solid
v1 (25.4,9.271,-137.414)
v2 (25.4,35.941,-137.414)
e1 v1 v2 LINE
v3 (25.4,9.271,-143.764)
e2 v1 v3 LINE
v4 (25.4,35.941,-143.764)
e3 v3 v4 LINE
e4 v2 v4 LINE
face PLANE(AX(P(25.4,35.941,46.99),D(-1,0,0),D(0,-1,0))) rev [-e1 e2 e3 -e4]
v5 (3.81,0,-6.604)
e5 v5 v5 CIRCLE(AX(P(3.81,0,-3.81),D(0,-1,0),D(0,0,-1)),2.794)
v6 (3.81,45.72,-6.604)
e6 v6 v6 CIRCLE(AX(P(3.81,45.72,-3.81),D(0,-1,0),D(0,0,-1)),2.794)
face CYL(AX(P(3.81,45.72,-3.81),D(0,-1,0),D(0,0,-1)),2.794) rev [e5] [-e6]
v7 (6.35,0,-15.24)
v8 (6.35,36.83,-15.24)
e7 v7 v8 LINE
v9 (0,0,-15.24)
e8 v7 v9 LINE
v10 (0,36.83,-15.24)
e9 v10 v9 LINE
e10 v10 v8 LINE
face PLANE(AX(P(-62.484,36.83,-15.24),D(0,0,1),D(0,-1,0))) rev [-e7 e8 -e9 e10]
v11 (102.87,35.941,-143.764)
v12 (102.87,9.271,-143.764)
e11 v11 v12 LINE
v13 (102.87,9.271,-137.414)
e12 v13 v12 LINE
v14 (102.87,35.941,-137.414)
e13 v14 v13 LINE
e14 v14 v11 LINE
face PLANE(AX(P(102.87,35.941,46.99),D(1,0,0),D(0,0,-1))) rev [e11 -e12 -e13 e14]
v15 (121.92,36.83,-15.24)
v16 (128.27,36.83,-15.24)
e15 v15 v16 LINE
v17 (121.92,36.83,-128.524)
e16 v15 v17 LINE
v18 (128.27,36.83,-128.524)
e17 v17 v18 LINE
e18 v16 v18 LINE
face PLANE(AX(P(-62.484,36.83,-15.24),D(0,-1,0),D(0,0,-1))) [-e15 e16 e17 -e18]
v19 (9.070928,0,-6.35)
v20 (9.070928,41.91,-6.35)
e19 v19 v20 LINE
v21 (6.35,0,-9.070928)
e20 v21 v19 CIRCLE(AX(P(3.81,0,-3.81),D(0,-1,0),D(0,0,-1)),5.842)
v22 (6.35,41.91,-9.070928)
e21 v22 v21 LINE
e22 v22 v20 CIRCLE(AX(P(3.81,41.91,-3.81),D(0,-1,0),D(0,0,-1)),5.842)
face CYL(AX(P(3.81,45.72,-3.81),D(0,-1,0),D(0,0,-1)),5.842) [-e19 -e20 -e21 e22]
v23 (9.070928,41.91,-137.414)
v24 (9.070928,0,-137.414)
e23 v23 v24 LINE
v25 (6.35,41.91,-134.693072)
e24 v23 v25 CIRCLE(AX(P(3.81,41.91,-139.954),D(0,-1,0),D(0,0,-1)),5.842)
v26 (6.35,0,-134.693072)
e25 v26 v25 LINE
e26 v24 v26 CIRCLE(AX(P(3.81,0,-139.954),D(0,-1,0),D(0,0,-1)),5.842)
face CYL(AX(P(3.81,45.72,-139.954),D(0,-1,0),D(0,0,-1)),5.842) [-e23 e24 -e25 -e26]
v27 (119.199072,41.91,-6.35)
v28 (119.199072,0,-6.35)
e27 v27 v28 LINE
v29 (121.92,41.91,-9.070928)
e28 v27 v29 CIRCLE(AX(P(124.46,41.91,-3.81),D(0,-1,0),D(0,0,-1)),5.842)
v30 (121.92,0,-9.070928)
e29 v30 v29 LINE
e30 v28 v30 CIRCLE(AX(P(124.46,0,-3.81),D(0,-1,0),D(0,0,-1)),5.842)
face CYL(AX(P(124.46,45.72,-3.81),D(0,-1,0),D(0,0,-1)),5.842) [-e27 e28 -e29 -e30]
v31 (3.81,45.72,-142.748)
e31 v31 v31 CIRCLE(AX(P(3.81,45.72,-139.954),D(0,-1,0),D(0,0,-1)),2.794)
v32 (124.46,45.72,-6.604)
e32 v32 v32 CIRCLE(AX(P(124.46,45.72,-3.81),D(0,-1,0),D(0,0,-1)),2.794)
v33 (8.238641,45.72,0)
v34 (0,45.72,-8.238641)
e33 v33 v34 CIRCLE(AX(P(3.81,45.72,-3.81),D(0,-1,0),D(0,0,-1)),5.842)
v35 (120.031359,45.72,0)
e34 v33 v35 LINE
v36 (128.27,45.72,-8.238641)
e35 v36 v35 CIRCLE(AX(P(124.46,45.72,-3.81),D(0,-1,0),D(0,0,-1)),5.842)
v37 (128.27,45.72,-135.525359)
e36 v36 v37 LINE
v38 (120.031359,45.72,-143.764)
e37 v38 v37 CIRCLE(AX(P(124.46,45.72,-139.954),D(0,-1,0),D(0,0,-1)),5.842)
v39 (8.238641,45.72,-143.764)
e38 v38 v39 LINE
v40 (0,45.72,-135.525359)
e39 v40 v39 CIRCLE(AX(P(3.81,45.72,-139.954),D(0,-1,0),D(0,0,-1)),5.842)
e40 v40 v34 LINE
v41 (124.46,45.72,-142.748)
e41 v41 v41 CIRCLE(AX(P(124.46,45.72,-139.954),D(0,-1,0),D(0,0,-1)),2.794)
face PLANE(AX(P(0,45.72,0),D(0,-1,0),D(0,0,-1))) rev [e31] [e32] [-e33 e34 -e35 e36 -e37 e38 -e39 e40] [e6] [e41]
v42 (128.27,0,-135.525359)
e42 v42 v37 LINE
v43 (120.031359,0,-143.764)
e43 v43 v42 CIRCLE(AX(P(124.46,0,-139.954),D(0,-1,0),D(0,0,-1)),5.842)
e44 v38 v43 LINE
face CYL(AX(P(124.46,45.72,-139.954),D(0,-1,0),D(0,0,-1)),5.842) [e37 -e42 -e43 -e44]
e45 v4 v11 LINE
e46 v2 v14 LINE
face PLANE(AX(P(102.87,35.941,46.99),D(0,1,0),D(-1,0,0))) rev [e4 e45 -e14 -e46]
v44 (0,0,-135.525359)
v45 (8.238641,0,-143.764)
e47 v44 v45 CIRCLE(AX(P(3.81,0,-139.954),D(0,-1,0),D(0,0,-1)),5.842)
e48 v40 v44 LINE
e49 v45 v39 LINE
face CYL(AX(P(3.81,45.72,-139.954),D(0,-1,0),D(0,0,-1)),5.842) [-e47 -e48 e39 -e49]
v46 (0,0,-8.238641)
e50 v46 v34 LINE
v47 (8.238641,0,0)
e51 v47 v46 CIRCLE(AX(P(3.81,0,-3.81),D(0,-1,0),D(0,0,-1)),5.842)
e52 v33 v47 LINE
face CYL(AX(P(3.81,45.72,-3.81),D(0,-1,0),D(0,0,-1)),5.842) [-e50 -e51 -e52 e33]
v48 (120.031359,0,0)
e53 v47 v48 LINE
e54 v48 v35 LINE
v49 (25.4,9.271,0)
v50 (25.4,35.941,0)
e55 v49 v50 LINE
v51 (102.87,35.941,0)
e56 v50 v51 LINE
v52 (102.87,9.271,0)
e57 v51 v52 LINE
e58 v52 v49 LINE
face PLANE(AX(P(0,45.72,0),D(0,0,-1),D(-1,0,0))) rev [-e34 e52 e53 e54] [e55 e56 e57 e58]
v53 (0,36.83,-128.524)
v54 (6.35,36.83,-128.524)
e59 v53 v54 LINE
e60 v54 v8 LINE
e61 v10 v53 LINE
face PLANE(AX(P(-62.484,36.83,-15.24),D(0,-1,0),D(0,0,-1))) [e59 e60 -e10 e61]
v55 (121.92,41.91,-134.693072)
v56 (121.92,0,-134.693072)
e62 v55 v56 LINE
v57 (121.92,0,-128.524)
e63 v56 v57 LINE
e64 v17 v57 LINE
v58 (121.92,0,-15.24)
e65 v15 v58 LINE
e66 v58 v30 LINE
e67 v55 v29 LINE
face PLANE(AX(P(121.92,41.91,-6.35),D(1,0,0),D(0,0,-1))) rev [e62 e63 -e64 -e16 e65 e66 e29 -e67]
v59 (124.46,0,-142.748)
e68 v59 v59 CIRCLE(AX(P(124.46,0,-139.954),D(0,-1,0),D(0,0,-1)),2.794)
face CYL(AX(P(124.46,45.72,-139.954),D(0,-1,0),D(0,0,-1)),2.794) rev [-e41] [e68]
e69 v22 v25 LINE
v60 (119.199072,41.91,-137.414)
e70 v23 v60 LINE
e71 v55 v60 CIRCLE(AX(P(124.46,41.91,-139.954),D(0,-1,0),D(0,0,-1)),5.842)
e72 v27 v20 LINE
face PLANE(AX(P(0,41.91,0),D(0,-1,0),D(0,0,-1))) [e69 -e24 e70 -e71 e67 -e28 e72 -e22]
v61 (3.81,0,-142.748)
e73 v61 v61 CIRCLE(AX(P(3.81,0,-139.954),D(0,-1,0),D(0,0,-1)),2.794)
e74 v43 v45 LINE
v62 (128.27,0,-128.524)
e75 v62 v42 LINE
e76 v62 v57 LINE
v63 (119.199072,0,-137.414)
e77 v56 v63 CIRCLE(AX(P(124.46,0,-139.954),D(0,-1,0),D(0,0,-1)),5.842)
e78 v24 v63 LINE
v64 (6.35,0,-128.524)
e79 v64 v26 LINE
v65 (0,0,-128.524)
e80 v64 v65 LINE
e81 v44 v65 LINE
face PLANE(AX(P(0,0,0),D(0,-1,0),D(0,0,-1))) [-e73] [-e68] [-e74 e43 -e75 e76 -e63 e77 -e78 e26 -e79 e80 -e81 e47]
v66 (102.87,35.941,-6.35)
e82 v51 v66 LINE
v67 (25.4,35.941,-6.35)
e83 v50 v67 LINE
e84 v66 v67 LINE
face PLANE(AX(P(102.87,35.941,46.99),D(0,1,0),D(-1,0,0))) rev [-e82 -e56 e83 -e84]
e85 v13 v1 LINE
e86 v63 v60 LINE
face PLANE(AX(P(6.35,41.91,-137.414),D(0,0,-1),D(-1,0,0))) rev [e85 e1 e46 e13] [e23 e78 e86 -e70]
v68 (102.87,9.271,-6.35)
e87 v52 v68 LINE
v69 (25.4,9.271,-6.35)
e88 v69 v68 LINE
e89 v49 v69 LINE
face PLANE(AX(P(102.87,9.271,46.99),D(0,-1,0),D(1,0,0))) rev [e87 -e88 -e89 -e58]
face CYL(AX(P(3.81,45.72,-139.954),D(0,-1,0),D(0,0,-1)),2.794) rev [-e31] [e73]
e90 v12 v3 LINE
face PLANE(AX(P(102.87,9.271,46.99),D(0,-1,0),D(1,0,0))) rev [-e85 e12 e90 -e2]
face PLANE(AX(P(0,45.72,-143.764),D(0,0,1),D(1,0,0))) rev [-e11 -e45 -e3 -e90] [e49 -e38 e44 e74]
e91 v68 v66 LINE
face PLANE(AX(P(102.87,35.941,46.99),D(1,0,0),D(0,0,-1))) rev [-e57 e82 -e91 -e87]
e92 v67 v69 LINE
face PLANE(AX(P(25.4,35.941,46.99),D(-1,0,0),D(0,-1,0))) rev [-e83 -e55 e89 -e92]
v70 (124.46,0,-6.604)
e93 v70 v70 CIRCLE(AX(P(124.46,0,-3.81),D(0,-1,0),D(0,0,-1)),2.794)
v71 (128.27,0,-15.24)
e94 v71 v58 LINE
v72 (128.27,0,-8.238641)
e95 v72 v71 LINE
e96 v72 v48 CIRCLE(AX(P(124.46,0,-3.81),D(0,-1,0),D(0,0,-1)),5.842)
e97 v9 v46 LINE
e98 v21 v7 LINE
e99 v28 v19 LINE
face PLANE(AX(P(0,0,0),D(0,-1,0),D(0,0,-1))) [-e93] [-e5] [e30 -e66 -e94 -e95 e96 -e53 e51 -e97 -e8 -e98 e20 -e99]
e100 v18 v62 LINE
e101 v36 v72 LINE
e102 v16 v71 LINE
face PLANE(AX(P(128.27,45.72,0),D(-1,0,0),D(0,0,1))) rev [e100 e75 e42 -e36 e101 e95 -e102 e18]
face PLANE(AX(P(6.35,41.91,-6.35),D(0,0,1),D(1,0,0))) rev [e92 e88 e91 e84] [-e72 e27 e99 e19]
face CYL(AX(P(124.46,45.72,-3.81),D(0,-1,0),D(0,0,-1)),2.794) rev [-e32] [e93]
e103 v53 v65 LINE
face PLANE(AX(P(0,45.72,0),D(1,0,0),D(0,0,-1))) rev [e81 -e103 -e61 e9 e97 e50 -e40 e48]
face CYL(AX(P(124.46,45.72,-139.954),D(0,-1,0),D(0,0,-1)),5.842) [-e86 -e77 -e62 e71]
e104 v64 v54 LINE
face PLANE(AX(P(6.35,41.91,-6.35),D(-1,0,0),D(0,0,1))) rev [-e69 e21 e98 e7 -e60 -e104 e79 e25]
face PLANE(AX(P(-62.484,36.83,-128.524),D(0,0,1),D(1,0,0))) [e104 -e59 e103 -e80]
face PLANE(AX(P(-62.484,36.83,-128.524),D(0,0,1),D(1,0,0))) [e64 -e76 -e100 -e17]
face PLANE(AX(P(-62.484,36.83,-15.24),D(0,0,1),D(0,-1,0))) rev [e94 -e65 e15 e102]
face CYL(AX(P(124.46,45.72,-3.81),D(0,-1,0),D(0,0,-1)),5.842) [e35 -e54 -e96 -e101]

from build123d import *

# Parameters (mm, degrees)
SKETCH1_W           = 128.27
SKETCH1_H           = 143.764
BOSS_EXTRUDE1_DEPTH = 45.72
SKETCH3_W           = 115.57
SKETCH3_H           = 131.064
CUT_EXTRUDE1_DEPTH  = 41.91
SKETCH4_W           = 77.47
SKETCH4_H           = 26.67
CUT_EXTRUDE2_DEPTH  = 190.754
SKETCH5_W           = 113.284
SKETCH5_H           = 46.99
CUT_EXTRUDE3_DEPTH  = 190.754
SKETCH6_R           = 2.794
CUT_EXTRUDE4_DEPTH  = 199.019188454
SKETCH7_R           = 5.842
SKETCH7_R_2         = 2.794
BOSS_EXTRUDE2_DEPTH = 45.72
BOSS_EXTRUDE3_START = -45.72
SKETCH8_R           = 5.842
SKETCH8_R_2         = 2.794
BOSS_EXTRUDE3_DEPTH = 45.72
SKETCH9_R           = 5.842
SKETCH9_R_2         = 2.794
BOSS_EXTRUDE4_DEPTH = 45.72
BOSS_EXTRUDE5_START = -45.72
SKETCH10_R          = 5.842
SKETCH10_R_2        = 2.794
BOSS_EXTRUDE5_DEPTH = 45.72


with BuildPart() as part:
    # Sketch1 → Boss-Extrude1 (new body)
    with BuildSketch(Plane(origin=(0, 0, 0), x_dir=(1, 0, 0), z_dir=(0, 1, 0))):
        with Locations((64.135, 71.882)):
            Rectangle(SKETCH1_W, SKETCH1_H)
    extrude(amount=BOSS_EXTRUDE1_DEPTH)

    # Sketch3 → Cut-Extrude1 (cut)
    with BuildSketch(Plane.XZ):
        with Locations((64.135, -71.882)):
            Rectangle(SKETCH3_W, SKETCH3_H)
    extrude(amount=-CUT_EXTRUDE1_DEPTH, mode=Mode.SUBTRACT)

    # Sketch4 → Cut-Extrude2 (cut)
    with BuildSketch(Plane(origin=(0, 0, -143.764), x_dir=(-1, 0, 0), z_dir=(0, 0, -1))):
        with Locations((-64.135, 22.606)):
            Rectangle(SKETCH4_W, SKETCH4_H)
    extrude(amount=-CUT_EXTRUDE2_DEPTH, mode=Mode.SUBTRACT)

    # Sketch5 → Cut-Extrude3 (cut)
    with BuildSketch(Plane(origin=(128.27, 0, 0), x_dir=(0, 0, -1), z_dir=(1, 0, 0))):
        with Locations((71.882, 13.335)):
            Rectangle(SKETCH5_W, SKETCH5_H)
    extrude(amount=-CUT_EXTRUDE3_DEPTH, mode=Mode.SUBTRACT)

    # Sketch6 → Cut-Extrude4 (cut, through all)
    with BuildSketch(Plane(origin=(0, 0, 0), x_dir=(-1, 0, 0), z_dir=(0, -1, 0))):
        with Locations(Location((-3.81, 3.81, 0), (0, 0, 90))):
            Circle(SKETCH6_R)
        with Locations(Location((-124.46, 3.81, 0), (0, 0, 90))):
            Circle(SKETCH6_R)
        with Locations(Location((-3.81, 139.954, 0), (0, 0, 90))):
            Circle(SKETCH6_R)
        with Locations(Location((-124.46, 139.954, 0), (0, 0, 90))):
            Circle(SKETCH6_R)
    extrude(amount=-CUT_EXTRUDE4_DEPTH, mode=Mode.SUBTRACT)

    # Sketch7 → Boss-Extrude2 (add, through all)
    with BuildSketch(Plane.XZ):
        with Locations((3.81, -3.81)):
            Circle(SKETCH7_R)
        with Locations(Location((3.81, -3.81, 0), (0, 0, 270))):
            Circle(SKETCH7_R_2, mode=Mode.SUBTRACT)
    extrude(amount=-BOSS_EXTRUDE2_DEPTH)

    # Sketch8 → Boss-Extrude3 (add)
    with BuildSketch(Plane.XZ.offset(BOSS_EXTRUDE3_START)):
        with Locations((124.46, -3.81)):
            Circle(SKETCH8_R)
        with Locations(Location((124.46, -3.81, 0), (0, 0, 270))):
            Circle(SKETCH8_R_2, mode=Mode.SUBTRACT)
    extrude(amount=BOSS_EXTRUDE3_DEPTH)

    # Sketch9 → Boss-Extrude4 (add, through all)
    with BuildSketch(Plane.XZ):
        with Locations((3.81, -139.954)):
            Circle(SKETCH9_R)
        with Locations(Location((3.81, -139.954, 0), (0, 0, 270))):
            Circle(SKETCH9_R_2, mode=Mode.SUBTRACT)
    extrude(amount=-BOSS_EXTRUDE4_DEPTH)

    # Sketch10 → Boss-Extrude5 (add)
    with BuildSketch(Plane.XZ.offset(BOSS_EXTRUDE5_START)):
        with Locations((124.46, -139.954)):
            Circle(SKETCH10_R)
        with Locations(Location((124.46, -139.954, 0), (0, 0, 270))):
            Circle(SKETCH10_R_2, mode=Mode.SUBTRACT)
    extrude(amount=BOSS_EXTRUDE5_DEPTH)


solid = part.part
